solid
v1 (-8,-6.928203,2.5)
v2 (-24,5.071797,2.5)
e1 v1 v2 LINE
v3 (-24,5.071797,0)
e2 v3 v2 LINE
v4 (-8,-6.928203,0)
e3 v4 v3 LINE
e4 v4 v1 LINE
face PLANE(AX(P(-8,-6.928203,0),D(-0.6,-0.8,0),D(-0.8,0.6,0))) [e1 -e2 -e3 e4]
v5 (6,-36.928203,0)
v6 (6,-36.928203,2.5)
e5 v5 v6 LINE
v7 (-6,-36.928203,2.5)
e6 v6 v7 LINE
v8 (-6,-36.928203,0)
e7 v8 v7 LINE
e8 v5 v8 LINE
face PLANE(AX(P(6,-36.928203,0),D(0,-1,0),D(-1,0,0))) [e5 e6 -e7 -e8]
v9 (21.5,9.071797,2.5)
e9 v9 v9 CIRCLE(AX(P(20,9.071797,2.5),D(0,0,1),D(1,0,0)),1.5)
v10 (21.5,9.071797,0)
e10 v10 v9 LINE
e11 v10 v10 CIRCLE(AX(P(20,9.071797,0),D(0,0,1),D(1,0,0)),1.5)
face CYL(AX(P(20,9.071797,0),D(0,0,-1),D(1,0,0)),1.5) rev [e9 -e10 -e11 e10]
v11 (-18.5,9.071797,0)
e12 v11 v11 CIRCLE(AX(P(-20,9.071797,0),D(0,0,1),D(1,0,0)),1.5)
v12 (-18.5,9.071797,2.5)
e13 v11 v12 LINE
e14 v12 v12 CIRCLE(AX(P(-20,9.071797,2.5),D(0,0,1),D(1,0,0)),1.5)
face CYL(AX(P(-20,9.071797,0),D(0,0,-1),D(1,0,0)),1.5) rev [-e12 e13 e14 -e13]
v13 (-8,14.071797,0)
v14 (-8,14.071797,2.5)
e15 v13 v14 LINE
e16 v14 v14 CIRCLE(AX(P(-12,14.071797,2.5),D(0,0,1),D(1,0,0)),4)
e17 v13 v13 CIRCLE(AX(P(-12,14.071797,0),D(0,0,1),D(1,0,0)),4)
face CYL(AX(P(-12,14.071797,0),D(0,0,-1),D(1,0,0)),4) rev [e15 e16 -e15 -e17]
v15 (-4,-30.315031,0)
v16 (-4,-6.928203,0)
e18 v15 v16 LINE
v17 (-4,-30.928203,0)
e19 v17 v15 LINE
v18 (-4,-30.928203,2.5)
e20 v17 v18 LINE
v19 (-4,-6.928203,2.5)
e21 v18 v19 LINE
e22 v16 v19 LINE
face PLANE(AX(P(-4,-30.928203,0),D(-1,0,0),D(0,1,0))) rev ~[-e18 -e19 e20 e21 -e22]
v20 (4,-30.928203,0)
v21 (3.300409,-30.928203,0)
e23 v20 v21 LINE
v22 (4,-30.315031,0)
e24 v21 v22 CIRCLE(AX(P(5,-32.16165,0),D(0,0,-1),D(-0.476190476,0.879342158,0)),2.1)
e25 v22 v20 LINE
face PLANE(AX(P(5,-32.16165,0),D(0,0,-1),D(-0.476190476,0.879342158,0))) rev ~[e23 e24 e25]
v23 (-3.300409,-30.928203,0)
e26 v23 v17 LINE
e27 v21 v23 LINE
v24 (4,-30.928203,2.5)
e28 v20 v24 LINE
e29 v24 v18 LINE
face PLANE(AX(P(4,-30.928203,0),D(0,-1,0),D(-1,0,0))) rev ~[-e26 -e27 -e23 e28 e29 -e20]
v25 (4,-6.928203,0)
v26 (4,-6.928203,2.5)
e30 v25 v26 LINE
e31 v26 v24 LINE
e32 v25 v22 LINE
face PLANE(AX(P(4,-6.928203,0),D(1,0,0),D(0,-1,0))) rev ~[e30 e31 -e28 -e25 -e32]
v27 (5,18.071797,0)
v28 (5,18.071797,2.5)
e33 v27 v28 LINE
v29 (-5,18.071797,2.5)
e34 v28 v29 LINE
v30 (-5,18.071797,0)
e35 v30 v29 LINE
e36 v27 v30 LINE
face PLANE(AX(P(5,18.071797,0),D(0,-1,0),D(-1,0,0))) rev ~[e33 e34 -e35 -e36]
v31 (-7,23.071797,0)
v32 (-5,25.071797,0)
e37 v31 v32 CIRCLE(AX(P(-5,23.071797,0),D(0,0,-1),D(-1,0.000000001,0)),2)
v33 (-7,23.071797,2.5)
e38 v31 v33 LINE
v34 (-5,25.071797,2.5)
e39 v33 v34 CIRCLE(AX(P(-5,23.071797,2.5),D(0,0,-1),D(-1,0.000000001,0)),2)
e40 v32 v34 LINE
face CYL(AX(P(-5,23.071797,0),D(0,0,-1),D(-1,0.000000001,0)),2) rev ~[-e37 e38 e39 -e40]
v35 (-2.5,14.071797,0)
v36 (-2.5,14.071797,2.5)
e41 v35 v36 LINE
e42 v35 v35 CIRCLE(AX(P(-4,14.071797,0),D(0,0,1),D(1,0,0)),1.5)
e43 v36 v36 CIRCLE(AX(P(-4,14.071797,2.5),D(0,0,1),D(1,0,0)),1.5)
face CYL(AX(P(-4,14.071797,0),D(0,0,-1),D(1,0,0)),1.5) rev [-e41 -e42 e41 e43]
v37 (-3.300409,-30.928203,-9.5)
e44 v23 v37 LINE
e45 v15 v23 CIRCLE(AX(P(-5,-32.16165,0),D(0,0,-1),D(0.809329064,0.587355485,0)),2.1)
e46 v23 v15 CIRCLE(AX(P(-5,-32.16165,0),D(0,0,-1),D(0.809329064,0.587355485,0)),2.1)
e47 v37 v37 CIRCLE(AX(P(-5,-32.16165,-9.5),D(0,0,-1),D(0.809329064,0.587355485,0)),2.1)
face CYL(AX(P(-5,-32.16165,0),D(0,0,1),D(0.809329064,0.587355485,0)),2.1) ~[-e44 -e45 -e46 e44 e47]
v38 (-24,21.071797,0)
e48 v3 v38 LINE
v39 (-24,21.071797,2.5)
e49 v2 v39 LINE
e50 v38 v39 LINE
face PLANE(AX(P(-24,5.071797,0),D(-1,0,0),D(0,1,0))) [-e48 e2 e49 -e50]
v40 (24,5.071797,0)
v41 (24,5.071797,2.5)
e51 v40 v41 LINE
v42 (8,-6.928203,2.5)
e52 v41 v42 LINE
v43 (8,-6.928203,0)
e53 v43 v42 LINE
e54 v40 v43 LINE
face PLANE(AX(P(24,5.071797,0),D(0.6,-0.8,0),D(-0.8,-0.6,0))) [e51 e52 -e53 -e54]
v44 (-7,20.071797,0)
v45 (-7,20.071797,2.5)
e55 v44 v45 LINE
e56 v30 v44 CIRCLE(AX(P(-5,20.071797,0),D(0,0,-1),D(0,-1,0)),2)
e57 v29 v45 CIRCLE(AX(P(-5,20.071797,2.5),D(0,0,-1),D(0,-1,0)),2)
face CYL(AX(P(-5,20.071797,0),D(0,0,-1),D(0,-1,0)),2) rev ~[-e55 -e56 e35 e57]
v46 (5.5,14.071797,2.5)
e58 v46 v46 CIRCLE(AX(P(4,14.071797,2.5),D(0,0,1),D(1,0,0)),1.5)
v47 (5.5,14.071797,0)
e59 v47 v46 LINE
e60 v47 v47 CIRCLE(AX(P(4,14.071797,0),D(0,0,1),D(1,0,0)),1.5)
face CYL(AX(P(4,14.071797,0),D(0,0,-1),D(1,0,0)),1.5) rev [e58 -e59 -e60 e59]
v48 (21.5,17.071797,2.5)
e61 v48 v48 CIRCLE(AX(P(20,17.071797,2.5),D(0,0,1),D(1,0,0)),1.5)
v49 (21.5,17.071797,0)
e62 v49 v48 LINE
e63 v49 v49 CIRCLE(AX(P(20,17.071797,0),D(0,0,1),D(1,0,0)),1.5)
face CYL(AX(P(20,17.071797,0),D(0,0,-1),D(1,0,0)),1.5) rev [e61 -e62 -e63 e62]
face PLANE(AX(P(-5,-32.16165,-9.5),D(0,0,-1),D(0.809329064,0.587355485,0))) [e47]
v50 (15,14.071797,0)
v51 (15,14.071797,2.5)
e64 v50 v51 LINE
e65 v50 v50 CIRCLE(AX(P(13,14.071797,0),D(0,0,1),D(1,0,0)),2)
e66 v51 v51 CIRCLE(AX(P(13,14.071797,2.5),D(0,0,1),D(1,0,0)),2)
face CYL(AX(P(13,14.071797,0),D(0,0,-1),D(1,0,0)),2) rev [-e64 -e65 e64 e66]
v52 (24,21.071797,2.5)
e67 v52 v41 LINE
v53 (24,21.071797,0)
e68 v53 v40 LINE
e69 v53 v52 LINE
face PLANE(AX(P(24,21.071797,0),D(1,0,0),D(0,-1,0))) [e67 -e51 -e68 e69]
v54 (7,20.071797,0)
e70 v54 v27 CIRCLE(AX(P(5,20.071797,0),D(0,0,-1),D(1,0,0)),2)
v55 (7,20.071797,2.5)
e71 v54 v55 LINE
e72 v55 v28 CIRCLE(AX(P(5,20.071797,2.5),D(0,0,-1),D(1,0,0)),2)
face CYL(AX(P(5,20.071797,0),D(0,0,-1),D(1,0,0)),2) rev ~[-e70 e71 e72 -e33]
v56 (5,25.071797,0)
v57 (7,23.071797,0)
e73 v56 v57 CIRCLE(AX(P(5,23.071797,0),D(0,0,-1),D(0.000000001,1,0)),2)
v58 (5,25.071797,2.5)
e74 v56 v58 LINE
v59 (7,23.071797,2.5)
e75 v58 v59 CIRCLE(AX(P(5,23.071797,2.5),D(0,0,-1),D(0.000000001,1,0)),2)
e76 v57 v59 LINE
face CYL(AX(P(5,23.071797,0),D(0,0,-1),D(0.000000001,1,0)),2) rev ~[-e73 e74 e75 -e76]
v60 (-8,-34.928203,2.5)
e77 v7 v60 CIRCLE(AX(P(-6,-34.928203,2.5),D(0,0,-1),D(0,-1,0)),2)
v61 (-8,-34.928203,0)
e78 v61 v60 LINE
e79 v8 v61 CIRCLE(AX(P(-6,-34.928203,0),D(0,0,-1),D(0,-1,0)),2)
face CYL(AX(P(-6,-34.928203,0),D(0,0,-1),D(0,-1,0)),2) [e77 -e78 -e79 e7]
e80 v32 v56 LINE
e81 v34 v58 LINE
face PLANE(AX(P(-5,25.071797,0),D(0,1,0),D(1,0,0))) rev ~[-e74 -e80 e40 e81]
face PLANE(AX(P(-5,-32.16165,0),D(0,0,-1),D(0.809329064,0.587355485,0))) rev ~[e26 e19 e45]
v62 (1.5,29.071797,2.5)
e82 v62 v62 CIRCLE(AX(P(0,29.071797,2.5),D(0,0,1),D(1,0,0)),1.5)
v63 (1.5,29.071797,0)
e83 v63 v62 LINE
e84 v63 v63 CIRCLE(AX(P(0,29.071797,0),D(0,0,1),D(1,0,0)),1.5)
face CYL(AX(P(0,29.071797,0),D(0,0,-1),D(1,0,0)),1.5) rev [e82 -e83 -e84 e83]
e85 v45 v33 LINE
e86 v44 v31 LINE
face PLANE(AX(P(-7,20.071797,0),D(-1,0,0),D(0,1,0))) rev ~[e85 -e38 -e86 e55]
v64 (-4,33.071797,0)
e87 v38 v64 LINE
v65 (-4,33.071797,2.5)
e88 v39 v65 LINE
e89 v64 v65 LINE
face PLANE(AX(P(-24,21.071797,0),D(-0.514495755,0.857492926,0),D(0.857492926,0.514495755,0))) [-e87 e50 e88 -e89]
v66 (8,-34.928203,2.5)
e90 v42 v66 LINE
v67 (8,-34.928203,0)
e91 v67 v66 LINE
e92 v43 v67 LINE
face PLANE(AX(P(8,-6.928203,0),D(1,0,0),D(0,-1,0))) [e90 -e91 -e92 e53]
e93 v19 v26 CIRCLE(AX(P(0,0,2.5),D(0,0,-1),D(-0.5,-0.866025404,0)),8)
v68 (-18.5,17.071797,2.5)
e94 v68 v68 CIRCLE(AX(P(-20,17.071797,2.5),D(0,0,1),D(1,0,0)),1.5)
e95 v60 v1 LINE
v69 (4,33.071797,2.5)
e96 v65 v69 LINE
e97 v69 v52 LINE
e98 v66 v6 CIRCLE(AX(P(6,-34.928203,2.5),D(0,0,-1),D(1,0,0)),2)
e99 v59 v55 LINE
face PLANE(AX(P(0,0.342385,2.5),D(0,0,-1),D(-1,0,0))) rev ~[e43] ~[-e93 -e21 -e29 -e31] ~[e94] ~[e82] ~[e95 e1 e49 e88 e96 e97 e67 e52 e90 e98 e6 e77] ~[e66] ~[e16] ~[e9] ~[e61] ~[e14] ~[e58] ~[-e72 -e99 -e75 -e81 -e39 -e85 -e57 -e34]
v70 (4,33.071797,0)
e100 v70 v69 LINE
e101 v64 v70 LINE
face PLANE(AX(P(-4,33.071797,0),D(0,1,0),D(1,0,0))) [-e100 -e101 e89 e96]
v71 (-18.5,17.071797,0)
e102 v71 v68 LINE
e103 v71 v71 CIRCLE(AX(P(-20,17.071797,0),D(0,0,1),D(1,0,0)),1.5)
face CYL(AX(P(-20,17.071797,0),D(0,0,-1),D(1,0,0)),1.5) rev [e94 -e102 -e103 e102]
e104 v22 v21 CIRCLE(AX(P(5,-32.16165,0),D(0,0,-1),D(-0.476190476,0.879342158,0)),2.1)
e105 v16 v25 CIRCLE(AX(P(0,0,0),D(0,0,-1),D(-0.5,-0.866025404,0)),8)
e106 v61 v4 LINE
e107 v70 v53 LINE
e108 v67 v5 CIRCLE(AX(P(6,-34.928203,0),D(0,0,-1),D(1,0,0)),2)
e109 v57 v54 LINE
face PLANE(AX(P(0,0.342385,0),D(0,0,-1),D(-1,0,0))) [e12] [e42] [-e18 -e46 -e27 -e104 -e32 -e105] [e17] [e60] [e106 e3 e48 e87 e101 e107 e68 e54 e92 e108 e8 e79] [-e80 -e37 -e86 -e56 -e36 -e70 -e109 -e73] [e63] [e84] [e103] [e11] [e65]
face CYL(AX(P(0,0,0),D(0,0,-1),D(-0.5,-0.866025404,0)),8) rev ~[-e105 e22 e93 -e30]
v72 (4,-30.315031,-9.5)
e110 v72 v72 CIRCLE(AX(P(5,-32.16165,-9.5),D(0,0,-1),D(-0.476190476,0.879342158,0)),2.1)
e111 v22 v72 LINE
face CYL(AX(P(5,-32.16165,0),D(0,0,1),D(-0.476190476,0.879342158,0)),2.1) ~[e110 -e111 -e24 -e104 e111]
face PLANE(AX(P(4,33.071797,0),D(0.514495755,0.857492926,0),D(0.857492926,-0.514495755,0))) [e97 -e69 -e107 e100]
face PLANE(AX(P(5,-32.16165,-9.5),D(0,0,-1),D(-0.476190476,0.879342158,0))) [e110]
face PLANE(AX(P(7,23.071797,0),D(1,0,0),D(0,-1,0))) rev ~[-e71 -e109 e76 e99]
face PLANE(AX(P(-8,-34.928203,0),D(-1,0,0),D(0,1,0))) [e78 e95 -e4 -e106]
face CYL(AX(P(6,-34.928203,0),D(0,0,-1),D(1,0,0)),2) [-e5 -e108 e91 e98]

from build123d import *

# Parameters (mm, degrees)
SKETCH1_R           = 4
SKETCH1_R_2         = 1.5
SKETCH1_R_3         = 2
BOSS_EXTRUDE1_DEPTH = 2.5
SKETCH2_R           = 2.1
BOSS_EXTRUDE2_DEPTH = 9.5


with BuildPart() as part:
    # Sketch1 → Boss-Extrude1 (new body)
    with BuildSketch(Plane.XY):
        with BuildLine():
            Line((-24, 5.07179677), (-24, 21.07179677))
            Line((-24, 21.07179677), (-4, 33.07179677))
            Line((-4, 33.07179677), (4, 33.07179677))
            Line((4, 33.07179677), (24, 21.07179677))
            Line((24, 21.07179677), (24, 5.07179677))
            Line((24, 5.07179677), (8, -6.92820323))
            Line((8, -6.92820323), (8, -34.92820323))
            ThreePointArc((8, -34.92820323), (7.414213562, -36.342416793), (6, -36.92820323))
            Line((6, -36.92820323), (-6, -36.92820323))
            ThreePointArc((-6, -36.92820323), (-7.414213562, -36.342416793), (-8, -34.92820323))
            Line((-8, -34.92820323), (-8, -6.92820323))
            Line((-8, -6.92820323), (-24, 5.07179677))
        make_face()
        with Locations((-12, 14.07179677)):
            Circle(SKETCH1_R, mode=Mode.SUBTRACT)
        with Locations((-4, 14.07179677)):
            Circle(SKETCH1_R_2, mode=Mode.SUBTRACT)
        with Locations((4, 14.07179677)):
            Circle(SKETCH1_R_2, mode=Mode.SUBTRACT)
        with Locations((0, 29.07179677)):
            Circle(SKETCH1_R_2, mode=Mode.SUBTRACT)
        with Locations((20, 17.07179677)):
            Circle(SKETCH1_R_2, mode=Mode.SUBTRACT)
        with Locations((20, 9.07179677)):
            Circle(SKETCH1_R_2, mode=Mode.SUBTRACT)
        with Locations((-20, 17.07179677)):
            Circle(SKETCH1_R_2, mode=Mode.SUBTRACT)
        with Locations((-20, 9.07179677)):
            Circle(SKETCH1_R_2, mode=Mode.SUBTRACT)
        with Locations((13, 14.07179677)):
            Circle(SKETCH1_R_3, mode=Mode.SUBTRACT)
        with BuildLine():
            Line((4, -30.92820323), (-4, -30.92820323))
            Line((-4, -30.92820323), (-4, -6.92820323))
            ThreePointArc((-4, -6.92820323), (0, 8), (4, -6.92820323))
            Line((4, -6.92820323), (4, -30.92820323))
        make_face(mode=Mode.SUBTRACT)
        with BuildLine():
            Line((-5, 25.07179677), (5, 25.07179677))
            ThreePointArc((5, 25.07179677), (6.414213562, 24.486010332), (7, 23.07179677))
            Line((7, 23.07179677), (7, 20.07179677))
            ThreePointArc((7, 20.07179677), (6.414213562, 18.657583207), (5, 18.07179677))
            Line((5, 18.07179677), (-5, 18.07179677))
            ThreePointArc((-5, 18.07179677), (-6.414213562, 18.657583207), (-7, 20.07179677))
            Line((-7, 20.07179677), (-7, 23.07179677))
            ThreePointArc((-7, 23.07179677), (-6.414213562, 24.486010332), (-5, 25.07179677))
        make_face(mode=Mode.SUBTRACT)
    extrude(amount=BOSS_EXTRUDE1_DEPTH)

    # Sketch2 → Boss-Extrude2 (add)
    with BuildSketch(Plane(origin=(0, 0, 0), x_dir=(-1, 0, 0), z_dir=(0, 0, -1))):
        with Locations(Location((-5, -32.16164975, 0), (0, 0, 61.563109851))):
            Circle(SKETCH2_R)
        with Locations(Location((5, -32.16164975, 0), (0, 0, 144.030430851))):
            Circle(SKETCH2_R)
    extrude(amount=BOSS_EXTRUDE2_DEPTH)


solid = part.part
